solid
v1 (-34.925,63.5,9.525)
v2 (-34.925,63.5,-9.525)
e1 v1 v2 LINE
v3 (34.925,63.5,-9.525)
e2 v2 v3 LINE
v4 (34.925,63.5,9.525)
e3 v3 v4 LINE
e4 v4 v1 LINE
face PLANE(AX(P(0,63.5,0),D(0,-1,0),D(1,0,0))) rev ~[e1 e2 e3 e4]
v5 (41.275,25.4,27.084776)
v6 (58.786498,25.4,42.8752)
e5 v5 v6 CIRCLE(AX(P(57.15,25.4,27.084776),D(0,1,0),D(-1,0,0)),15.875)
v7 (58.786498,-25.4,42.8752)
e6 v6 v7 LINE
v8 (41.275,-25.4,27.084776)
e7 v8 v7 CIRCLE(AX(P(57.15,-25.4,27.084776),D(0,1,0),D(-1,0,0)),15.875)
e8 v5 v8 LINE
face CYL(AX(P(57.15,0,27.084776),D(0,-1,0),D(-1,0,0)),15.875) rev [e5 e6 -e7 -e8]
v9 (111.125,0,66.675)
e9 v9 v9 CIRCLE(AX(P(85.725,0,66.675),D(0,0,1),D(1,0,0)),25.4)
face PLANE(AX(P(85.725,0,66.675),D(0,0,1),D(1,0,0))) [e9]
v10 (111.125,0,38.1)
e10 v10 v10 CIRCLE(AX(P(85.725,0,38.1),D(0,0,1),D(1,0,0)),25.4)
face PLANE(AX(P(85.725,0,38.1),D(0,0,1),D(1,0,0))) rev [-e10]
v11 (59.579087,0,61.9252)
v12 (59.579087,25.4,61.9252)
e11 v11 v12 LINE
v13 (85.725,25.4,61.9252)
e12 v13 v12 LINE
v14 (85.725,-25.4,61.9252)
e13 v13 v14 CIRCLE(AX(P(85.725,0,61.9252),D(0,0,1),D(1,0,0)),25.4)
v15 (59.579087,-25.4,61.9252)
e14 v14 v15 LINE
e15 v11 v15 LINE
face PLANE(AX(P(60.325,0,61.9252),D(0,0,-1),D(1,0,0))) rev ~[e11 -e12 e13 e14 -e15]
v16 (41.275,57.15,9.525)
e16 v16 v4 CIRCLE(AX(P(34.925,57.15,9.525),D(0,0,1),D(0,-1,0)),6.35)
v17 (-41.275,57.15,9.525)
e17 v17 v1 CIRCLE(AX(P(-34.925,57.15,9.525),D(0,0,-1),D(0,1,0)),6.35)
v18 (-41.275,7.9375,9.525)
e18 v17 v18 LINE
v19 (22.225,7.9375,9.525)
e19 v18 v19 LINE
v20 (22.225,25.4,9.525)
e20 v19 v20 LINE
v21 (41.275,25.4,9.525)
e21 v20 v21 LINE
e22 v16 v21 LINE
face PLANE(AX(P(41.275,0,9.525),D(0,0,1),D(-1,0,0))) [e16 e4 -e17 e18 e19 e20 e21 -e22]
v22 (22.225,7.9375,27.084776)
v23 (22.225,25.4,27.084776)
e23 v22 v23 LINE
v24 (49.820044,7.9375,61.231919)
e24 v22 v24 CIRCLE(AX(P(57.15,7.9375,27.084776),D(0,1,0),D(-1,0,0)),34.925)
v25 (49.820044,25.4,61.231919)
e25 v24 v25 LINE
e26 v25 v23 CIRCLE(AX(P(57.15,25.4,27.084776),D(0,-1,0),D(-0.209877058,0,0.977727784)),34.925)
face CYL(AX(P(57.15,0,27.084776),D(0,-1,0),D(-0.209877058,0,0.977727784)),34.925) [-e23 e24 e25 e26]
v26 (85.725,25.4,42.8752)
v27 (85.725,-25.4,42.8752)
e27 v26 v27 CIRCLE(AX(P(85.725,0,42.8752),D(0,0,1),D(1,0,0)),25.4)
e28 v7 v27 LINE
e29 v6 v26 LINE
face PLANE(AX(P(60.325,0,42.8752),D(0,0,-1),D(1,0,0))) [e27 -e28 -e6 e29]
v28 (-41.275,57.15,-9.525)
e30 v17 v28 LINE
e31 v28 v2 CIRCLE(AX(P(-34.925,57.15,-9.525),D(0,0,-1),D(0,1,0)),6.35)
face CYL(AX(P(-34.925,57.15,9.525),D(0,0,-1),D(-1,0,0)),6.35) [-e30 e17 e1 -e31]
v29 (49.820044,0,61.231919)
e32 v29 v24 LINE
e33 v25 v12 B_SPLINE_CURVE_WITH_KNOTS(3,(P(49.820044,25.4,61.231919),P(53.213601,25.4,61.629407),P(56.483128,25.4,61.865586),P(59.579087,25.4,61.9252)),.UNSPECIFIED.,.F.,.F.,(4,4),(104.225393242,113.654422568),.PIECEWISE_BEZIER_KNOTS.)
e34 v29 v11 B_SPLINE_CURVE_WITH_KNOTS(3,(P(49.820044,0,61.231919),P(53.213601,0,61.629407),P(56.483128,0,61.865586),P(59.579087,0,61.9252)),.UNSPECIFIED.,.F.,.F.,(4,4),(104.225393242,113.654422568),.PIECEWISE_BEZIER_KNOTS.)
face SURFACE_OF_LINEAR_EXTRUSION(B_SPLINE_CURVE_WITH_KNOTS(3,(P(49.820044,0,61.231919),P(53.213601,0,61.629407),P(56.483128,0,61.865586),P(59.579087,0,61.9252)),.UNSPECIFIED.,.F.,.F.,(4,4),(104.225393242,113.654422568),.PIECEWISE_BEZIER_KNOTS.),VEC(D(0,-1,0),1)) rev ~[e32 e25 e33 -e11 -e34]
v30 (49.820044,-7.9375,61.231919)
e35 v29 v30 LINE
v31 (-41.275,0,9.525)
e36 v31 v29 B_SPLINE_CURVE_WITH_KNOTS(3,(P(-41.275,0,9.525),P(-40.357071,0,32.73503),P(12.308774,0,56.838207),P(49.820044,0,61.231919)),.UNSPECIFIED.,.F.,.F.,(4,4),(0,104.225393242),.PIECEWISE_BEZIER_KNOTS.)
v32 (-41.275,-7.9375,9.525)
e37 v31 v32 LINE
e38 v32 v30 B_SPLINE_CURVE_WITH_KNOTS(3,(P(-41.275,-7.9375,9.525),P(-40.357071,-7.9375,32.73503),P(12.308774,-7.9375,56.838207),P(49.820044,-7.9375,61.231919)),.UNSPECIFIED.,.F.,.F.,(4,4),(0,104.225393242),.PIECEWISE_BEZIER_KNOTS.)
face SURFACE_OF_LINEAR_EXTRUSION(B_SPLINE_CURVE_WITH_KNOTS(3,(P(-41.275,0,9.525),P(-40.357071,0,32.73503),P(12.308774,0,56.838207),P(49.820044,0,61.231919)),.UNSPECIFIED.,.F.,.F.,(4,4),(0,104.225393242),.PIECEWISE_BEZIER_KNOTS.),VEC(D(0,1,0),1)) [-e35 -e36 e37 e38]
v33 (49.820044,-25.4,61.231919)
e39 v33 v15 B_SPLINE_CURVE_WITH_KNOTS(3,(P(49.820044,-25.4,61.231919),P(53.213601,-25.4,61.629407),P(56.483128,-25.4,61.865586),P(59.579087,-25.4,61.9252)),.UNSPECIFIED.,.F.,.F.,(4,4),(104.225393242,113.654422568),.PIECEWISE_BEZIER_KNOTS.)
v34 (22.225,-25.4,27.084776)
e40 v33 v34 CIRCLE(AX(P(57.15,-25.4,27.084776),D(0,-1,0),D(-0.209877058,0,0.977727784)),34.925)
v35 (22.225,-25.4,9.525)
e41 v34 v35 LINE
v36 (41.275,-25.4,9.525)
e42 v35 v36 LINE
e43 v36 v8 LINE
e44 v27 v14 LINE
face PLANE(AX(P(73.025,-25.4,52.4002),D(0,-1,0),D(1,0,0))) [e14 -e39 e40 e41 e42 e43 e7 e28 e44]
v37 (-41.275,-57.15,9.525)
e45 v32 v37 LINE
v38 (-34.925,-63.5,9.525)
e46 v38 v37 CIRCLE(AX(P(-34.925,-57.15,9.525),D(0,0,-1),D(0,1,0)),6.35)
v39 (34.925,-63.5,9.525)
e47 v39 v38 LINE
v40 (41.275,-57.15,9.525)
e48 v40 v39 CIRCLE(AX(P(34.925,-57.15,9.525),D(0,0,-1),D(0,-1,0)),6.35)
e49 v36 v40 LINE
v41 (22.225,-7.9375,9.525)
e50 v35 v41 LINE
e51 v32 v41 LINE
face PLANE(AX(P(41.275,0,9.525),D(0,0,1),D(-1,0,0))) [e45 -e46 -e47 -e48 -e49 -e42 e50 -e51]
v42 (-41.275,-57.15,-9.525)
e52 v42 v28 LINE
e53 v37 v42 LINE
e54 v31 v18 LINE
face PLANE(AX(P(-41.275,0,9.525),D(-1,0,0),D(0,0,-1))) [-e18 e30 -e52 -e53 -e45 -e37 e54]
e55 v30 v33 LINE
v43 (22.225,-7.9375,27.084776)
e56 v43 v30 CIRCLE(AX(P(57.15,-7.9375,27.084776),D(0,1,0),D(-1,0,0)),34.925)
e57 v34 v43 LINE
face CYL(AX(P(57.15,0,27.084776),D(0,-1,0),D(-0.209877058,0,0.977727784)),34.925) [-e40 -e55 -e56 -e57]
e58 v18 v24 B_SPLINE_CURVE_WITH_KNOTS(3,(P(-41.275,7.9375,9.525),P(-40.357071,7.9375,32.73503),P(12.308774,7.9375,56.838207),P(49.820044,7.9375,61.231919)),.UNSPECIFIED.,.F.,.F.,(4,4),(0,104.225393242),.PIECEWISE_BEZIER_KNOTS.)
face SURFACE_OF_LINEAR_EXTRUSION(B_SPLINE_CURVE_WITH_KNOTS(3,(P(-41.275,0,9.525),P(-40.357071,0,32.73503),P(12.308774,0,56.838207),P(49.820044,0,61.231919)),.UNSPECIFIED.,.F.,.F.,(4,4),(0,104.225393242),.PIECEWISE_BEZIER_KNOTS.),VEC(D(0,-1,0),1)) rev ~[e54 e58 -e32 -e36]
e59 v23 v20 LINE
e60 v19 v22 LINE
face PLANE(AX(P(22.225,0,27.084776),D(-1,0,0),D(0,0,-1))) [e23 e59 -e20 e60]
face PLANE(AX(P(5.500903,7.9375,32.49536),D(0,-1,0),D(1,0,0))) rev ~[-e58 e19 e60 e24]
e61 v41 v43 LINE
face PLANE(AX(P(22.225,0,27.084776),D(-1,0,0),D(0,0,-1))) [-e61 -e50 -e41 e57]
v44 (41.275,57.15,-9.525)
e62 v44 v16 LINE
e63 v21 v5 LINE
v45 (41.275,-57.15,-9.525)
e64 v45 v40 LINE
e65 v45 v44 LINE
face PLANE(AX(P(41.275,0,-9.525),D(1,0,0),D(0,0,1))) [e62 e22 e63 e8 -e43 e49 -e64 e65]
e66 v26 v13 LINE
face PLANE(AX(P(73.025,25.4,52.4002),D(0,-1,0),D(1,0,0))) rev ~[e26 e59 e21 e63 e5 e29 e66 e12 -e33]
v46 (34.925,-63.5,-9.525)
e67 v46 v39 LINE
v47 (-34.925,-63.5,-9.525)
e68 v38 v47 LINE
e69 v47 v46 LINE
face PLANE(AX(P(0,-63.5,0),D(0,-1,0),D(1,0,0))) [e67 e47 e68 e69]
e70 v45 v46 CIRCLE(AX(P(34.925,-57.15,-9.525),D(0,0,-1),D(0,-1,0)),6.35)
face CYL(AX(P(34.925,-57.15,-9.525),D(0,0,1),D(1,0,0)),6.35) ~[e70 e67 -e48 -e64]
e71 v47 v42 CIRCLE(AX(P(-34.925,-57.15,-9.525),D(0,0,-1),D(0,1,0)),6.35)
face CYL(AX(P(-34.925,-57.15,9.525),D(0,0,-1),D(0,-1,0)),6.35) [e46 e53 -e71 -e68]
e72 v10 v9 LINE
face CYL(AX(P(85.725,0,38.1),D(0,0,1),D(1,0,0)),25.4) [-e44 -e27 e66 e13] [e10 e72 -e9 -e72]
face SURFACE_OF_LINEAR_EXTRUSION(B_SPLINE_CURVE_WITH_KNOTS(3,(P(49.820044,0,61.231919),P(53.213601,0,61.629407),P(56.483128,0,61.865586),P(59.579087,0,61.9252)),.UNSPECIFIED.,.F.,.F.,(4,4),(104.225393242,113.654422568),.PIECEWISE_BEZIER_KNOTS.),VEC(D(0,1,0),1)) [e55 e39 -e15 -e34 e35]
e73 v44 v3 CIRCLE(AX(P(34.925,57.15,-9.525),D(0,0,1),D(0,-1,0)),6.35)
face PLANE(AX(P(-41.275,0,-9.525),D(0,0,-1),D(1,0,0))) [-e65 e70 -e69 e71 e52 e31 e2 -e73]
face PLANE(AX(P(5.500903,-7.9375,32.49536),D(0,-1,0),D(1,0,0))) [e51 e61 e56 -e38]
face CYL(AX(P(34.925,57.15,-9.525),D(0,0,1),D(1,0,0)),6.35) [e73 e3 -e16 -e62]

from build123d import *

# Parameters (mm, degrees)
F1_DEPTH = 25.4
F2_DEPTH = 7.9375
F3_DEPTH = 63.5
F0_W     = 25.4
F0_H     = 19.05
F4_DEPTH = 25.4
F6_R     = 6.35


with BuildPart() as f1:
    # F0 (on Front) → F1 (new body, symmetric)
    with BuildSketch(Plane.XZ):
        with BuildLine():
            Line((22.225, 9.525), (41.275, 9.525))
            Line((41.275, 9.525), (41.275, 27.0847757391))
            ThreePointArc((41.275, 27.0847757391), (46.5190025255, 38.8744965881), (58.7864982926, 42.8752))
            Line((58.7864982926, 42.8752), (60.325, 42.8752))
            Line((60.325, 42.8752), (60.325, 61.9252))
            Line((60.325, 61.9252), (59.579086726, 61.9252))
            add(Edge.make_bspline(
                [(49.820043734, 61.2319186085), (53.2136012382, 61.6294074654), (56.4831276325, 61.8655861507), (59.5790867259, 61.9252)],
                knots=[104.2253932415, 104.2253932415, 104.2253932415, 104.2253932415, 113.6544225684, 113.6544225684, 113.6544225684, 113.6544225684], degree=3))
            ThreePointArc((49.820043734, 61.2319186085), (29.9861053272, 49.0365057667), (22.225, 27.0847757391))
            Line((22.225, 27.0847757391), (22.225, 9.525))
        make_face()
    extrude(amount=F1_DEPTH, both=True)

    # F0 (on Front) → F2 (join, symmetric)
    with BuildSketch(Plane.XZ):
        with BuildLine():
            Line((-41.275, 9.525), (22.225, 9.525))
            Line((22.225, 9.525), (22.225, 27.0847757391))
            ThreePointArc((22.225, 27.0847757391), (29.9861053272, 49.0365057667), (49.820043734, 61.2319186085))
            add(Edge.make_bspline(
                [(-41.275, 9.525), (-40.3570706701, 32.7350297492), (12.3087736869, 56.838207338), (49.820043734, 61.2319186085)],
                knots=[0, 0, 0, 0, 104.2253932415, 104.2253932415, 104.2253932415, 104.2253932415], degree=3))
        make_face()
    extrude(amount=F2_DEPTH, both=True)

    # F0 (on Front) → F3 (join, symmetric)
    with BuildSketch(Plane.XZ):
        Polygon((41.275, -9.525), (41.275, 9.525), (22.225, 9.525), (-41.275, 9.525), (-41.275, -9.525), align=None)
    extrude(amount=F3_DEPTH, both=True)

    # F0 (on Front) → F4 (join, symmetric)
    with BuildSketch(Plane.XZ):
        with Locations((73.025, 52.4002)):
            Rectangle(F0_W, F0_H)
    extrude(amount=F4_DEPTH, both=True)

    # F0 (on Front) → F5 (revolve)
    with BuildSketch(Plane.XZ):
        Polygon((85.725, 61.9252), (85.725, 42.8752), (85.725, 38.1), (111.125, 38.1), (111.125, 66.675), (85.725, 66.675), align=None)
    revolve(axis=Axis((85.725, 0, 54.7751), (0, 0, 1)))

    # F6
    f6_edges = [f1.edges().sort_by_distance(p)[0] for p in [
        (-41.275, -63.5, 0),
        (41.275, -63.5, 0),
        (-41.275, 63.5, 0),
        (41.275, 63.5, 0),
    ]]
    fillet(f6_edges, radius=F6_R)


solid = f1.part
